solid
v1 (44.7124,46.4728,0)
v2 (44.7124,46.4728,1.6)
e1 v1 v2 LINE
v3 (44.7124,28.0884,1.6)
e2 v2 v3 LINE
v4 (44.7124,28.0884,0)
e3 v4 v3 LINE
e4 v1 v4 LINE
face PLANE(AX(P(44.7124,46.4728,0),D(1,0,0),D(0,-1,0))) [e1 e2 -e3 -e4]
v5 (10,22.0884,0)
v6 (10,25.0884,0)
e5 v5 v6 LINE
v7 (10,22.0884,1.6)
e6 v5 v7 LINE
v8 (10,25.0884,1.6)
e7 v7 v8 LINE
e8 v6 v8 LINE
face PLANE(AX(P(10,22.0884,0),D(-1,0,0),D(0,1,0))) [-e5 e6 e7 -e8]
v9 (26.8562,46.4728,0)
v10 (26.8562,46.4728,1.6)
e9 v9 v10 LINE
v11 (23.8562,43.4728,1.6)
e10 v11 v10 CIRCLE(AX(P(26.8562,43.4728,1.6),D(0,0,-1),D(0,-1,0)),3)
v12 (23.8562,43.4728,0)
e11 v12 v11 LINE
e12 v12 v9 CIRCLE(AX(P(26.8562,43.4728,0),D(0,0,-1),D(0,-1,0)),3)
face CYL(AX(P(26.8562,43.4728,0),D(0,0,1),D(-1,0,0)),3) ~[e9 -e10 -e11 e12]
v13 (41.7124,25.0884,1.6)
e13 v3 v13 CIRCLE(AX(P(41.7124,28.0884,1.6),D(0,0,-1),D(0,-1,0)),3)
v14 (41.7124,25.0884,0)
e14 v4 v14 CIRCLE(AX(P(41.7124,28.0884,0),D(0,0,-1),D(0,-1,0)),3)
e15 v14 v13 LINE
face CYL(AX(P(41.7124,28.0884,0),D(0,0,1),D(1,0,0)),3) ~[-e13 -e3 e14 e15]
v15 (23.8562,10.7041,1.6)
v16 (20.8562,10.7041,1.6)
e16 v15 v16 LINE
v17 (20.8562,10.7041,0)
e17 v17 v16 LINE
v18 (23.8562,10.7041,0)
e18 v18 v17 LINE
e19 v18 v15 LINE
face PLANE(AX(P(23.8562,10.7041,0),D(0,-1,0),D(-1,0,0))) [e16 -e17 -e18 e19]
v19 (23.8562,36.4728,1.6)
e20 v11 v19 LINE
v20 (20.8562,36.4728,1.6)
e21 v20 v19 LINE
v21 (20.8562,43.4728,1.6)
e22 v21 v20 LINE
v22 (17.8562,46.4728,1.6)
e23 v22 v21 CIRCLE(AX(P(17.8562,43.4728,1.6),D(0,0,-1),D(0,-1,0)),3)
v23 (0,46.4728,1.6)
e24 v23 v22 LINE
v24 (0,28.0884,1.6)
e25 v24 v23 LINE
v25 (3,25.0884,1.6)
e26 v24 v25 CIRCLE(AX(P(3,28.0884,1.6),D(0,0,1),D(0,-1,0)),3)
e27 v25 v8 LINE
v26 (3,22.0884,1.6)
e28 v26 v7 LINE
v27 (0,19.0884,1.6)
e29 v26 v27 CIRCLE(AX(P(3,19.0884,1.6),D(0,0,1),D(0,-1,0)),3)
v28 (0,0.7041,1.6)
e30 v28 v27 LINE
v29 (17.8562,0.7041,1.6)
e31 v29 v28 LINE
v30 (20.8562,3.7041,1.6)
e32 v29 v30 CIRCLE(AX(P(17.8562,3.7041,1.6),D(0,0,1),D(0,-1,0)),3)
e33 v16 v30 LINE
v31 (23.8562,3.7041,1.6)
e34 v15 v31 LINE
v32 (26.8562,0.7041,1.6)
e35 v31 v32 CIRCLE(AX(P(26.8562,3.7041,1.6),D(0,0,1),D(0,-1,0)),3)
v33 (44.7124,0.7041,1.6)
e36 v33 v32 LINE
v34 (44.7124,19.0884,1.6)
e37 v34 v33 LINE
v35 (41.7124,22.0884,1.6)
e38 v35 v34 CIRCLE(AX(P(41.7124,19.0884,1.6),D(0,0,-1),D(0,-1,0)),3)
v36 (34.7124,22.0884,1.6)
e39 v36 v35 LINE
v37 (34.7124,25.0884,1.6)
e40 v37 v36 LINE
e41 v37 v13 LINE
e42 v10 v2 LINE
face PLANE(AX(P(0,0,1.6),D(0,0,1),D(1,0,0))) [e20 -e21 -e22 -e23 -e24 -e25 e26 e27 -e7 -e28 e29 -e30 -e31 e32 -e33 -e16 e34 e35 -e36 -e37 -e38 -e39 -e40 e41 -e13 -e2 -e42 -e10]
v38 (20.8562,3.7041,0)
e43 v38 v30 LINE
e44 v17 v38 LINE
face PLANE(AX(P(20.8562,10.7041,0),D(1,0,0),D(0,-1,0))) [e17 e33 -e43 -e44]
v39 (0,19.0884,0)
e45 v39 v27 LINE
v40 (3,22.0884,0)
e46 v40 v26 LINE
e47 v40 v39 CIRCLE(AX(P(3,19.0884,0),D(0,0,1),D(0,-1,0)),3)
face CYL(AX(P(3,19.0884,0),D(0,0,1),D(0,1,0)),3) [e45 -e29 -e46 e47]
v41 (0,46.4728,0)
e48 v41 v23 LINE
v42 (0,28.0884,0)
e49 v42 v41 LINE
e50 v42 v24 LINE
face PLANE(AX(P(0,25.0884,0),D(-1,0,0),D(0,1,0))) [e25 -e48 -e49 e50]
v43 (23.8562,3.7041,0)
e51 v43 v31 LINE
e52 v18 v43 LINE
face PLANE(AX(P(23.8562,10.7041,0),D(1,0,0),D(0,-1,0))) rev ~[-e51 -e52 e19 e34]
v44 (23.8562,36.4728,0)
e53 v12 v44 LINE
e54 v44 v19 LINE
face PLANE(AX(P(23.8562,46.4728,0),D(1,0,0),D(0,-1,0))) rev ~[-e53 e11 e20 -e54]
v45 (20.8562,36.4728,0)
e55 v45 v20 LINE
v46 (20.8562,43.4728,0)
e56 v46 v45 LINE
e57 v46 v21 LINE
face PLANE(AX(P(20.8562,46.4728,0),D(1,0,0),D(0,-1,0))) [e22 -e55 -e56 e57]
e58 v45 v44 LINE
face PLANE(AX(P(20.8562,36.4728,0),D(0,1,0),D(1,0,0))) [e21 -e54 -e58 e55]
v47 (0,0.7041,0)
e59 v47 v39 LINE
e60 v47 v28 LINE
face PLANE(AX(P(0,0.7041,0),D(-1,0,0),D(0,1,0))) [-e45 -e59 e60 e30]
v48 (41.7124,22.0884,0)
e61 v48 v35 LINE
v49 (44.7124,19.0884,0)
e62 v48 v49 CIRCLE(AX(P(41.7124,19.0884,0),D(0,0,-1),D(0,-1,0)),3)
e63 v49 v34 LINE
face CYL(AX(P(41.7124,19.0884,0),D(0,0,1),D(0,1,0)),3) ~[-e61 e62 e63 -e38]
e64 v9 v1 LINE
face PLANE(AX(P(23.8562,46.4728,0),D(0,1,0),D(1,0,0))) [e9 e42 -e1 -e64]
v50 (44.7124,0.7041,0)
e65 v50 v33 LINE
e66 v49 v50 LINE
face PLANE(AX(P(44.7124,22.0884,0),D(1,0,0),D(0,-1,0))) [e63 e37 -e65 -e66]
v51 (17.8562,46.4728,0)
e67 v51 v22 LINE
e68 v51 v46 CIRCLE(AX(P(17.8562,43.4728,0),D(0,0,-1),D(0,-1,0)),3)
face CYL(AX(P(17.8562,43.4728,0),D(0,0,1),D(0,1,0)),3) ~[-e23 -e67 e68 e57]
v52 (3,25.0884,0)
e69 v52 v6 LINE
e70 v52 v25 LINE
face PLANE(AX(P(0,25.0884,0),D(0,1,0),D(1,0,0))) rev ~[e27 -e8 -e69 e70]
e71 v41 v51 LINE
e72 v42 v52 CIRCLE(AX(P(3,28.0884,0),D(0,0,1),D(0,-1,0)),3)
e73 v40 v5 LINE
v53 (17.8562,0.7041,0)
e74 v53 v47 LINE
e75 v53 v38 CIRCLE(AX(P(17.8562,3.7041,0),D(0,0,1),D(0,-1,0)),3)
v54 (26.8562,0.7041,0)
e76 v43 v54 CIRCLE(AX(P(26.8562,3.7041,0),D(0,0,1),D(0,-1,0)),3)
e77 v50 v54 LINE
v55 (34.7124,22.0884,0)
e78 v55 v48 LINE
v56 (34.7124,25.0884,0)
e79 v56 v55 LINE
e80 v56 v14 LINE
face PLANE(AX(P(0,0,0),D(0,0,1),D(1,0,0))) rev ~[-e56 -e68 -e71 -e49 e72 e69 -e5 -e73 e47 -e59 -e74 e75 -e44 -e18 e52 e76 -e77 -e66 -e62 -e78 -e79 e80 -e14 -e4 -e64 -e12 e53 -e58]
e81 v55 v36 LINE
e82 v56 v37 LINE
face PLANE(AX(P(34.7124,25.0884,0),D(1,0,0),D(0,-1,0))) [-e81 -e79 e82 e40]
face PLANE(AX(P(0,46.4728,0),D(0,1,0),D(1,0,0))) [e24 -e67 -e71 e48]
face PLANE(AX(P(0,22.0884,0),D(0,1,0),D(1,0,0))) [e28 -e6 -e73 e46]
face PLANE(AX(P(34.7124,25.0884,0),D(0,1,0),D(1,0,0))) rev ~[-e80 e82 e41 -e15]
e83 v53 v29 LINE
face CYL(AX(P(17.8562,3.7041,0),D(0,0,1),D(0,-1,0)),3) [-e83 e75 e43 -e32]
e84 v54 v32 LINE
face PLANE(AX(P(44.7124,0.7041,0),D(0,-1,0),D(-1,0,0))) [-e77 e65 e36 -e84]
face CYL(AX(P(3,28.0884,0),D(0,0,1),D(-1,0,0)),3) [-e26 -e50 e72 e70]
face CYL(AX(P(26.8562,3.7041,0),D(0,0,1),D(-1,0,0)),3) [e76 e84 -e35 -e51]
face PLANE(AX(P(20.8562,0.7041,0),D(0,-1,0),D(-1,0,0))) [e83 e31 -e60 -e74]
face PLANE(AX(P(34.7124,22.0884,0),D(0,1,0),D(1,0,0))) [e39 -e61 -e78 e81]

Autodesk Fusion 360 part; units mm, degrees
sketch "Sketch1" plane through (0, 0, 0) normal (0, 0, 1) x (1, 0, 0)
  line L0 (0, 46.4728) -> (44.7124, 46.4728)
  line L1 (44.7124, 46.4728) -> (44.7124, 0.7041)
  line L2 (44.7124, 0.7041) -> (0, 0.7041)
  line L3 (0, 0.7041) -> (0, 46.4728)
  line L4 (34.7124, 10.7041) -> (10, 10.7041)
  line L5 (10, 10.7041) -> (10, 36.4728)
  line L6 (10, 36.4728) -> (34.7124, 36.4728)
  line L7 (34.7124, 36.4728) -> (34.7124, 10.7041)
  line L8 (22.3562, 46.4728) -> (22.3562, 0.7041) construction
  line L9 (0, 23.5884) -> (44.7124, 23.5884) construction
  line L10 (0, 22.0884) -> (44.7124, 22.0884)
  line L11 (0, 22.0884) -> (44.7124, 22.0884)
  line L12 (20.8562, 46.4728) -> (20.8562, 0.7041)
  line L13 (0, 25.0884) -> (44.7124, 25.0884)
  line L14 (23.8562, 46.4728) -> (23.8562, 0.7041)
  dimension "d1" = 10
  dimension "d2" = 1.5
  dimension "d3" = 1.5
extrude "Extrude1" add sketch "Sketch1" along normal blind 1.6 contours L0 L3 L5 L6 L12 L13 | L0 L1 L6 L7 L13 L14 | L5 L6 L12 L13 | L6 L12 L13 L14 | L2 L3 L4 L5 L10 L11 L12 | L5 L10 L11 L12 L13 | L6 L7 L13 L14 | L10 L11 L12 L13 L14 | L4 L5 L10 L11 L12 | L7 L10 L11 L13 L14 | L4 L10 L11 L12 L14 | L1 L2 L4 L7 L10 L11 L14 | L4 L7 L10 L11 L14
fillet "Fillet1" radius 3 5 edges at (0, 22.0884, 0.8) (0, 25.0884, 0.8) (20.8562, 0.7041, 0.8) (23.8562, 0.7041, 0.8) (44.7124, 25.0884, 0.8)
fillet "Fillet2" radius 3 3 edges at (23.8562, 46.4728, 0.8) (20.8562, 46.4728, 0.8) (44.7124, 22.0884, 0.8)
